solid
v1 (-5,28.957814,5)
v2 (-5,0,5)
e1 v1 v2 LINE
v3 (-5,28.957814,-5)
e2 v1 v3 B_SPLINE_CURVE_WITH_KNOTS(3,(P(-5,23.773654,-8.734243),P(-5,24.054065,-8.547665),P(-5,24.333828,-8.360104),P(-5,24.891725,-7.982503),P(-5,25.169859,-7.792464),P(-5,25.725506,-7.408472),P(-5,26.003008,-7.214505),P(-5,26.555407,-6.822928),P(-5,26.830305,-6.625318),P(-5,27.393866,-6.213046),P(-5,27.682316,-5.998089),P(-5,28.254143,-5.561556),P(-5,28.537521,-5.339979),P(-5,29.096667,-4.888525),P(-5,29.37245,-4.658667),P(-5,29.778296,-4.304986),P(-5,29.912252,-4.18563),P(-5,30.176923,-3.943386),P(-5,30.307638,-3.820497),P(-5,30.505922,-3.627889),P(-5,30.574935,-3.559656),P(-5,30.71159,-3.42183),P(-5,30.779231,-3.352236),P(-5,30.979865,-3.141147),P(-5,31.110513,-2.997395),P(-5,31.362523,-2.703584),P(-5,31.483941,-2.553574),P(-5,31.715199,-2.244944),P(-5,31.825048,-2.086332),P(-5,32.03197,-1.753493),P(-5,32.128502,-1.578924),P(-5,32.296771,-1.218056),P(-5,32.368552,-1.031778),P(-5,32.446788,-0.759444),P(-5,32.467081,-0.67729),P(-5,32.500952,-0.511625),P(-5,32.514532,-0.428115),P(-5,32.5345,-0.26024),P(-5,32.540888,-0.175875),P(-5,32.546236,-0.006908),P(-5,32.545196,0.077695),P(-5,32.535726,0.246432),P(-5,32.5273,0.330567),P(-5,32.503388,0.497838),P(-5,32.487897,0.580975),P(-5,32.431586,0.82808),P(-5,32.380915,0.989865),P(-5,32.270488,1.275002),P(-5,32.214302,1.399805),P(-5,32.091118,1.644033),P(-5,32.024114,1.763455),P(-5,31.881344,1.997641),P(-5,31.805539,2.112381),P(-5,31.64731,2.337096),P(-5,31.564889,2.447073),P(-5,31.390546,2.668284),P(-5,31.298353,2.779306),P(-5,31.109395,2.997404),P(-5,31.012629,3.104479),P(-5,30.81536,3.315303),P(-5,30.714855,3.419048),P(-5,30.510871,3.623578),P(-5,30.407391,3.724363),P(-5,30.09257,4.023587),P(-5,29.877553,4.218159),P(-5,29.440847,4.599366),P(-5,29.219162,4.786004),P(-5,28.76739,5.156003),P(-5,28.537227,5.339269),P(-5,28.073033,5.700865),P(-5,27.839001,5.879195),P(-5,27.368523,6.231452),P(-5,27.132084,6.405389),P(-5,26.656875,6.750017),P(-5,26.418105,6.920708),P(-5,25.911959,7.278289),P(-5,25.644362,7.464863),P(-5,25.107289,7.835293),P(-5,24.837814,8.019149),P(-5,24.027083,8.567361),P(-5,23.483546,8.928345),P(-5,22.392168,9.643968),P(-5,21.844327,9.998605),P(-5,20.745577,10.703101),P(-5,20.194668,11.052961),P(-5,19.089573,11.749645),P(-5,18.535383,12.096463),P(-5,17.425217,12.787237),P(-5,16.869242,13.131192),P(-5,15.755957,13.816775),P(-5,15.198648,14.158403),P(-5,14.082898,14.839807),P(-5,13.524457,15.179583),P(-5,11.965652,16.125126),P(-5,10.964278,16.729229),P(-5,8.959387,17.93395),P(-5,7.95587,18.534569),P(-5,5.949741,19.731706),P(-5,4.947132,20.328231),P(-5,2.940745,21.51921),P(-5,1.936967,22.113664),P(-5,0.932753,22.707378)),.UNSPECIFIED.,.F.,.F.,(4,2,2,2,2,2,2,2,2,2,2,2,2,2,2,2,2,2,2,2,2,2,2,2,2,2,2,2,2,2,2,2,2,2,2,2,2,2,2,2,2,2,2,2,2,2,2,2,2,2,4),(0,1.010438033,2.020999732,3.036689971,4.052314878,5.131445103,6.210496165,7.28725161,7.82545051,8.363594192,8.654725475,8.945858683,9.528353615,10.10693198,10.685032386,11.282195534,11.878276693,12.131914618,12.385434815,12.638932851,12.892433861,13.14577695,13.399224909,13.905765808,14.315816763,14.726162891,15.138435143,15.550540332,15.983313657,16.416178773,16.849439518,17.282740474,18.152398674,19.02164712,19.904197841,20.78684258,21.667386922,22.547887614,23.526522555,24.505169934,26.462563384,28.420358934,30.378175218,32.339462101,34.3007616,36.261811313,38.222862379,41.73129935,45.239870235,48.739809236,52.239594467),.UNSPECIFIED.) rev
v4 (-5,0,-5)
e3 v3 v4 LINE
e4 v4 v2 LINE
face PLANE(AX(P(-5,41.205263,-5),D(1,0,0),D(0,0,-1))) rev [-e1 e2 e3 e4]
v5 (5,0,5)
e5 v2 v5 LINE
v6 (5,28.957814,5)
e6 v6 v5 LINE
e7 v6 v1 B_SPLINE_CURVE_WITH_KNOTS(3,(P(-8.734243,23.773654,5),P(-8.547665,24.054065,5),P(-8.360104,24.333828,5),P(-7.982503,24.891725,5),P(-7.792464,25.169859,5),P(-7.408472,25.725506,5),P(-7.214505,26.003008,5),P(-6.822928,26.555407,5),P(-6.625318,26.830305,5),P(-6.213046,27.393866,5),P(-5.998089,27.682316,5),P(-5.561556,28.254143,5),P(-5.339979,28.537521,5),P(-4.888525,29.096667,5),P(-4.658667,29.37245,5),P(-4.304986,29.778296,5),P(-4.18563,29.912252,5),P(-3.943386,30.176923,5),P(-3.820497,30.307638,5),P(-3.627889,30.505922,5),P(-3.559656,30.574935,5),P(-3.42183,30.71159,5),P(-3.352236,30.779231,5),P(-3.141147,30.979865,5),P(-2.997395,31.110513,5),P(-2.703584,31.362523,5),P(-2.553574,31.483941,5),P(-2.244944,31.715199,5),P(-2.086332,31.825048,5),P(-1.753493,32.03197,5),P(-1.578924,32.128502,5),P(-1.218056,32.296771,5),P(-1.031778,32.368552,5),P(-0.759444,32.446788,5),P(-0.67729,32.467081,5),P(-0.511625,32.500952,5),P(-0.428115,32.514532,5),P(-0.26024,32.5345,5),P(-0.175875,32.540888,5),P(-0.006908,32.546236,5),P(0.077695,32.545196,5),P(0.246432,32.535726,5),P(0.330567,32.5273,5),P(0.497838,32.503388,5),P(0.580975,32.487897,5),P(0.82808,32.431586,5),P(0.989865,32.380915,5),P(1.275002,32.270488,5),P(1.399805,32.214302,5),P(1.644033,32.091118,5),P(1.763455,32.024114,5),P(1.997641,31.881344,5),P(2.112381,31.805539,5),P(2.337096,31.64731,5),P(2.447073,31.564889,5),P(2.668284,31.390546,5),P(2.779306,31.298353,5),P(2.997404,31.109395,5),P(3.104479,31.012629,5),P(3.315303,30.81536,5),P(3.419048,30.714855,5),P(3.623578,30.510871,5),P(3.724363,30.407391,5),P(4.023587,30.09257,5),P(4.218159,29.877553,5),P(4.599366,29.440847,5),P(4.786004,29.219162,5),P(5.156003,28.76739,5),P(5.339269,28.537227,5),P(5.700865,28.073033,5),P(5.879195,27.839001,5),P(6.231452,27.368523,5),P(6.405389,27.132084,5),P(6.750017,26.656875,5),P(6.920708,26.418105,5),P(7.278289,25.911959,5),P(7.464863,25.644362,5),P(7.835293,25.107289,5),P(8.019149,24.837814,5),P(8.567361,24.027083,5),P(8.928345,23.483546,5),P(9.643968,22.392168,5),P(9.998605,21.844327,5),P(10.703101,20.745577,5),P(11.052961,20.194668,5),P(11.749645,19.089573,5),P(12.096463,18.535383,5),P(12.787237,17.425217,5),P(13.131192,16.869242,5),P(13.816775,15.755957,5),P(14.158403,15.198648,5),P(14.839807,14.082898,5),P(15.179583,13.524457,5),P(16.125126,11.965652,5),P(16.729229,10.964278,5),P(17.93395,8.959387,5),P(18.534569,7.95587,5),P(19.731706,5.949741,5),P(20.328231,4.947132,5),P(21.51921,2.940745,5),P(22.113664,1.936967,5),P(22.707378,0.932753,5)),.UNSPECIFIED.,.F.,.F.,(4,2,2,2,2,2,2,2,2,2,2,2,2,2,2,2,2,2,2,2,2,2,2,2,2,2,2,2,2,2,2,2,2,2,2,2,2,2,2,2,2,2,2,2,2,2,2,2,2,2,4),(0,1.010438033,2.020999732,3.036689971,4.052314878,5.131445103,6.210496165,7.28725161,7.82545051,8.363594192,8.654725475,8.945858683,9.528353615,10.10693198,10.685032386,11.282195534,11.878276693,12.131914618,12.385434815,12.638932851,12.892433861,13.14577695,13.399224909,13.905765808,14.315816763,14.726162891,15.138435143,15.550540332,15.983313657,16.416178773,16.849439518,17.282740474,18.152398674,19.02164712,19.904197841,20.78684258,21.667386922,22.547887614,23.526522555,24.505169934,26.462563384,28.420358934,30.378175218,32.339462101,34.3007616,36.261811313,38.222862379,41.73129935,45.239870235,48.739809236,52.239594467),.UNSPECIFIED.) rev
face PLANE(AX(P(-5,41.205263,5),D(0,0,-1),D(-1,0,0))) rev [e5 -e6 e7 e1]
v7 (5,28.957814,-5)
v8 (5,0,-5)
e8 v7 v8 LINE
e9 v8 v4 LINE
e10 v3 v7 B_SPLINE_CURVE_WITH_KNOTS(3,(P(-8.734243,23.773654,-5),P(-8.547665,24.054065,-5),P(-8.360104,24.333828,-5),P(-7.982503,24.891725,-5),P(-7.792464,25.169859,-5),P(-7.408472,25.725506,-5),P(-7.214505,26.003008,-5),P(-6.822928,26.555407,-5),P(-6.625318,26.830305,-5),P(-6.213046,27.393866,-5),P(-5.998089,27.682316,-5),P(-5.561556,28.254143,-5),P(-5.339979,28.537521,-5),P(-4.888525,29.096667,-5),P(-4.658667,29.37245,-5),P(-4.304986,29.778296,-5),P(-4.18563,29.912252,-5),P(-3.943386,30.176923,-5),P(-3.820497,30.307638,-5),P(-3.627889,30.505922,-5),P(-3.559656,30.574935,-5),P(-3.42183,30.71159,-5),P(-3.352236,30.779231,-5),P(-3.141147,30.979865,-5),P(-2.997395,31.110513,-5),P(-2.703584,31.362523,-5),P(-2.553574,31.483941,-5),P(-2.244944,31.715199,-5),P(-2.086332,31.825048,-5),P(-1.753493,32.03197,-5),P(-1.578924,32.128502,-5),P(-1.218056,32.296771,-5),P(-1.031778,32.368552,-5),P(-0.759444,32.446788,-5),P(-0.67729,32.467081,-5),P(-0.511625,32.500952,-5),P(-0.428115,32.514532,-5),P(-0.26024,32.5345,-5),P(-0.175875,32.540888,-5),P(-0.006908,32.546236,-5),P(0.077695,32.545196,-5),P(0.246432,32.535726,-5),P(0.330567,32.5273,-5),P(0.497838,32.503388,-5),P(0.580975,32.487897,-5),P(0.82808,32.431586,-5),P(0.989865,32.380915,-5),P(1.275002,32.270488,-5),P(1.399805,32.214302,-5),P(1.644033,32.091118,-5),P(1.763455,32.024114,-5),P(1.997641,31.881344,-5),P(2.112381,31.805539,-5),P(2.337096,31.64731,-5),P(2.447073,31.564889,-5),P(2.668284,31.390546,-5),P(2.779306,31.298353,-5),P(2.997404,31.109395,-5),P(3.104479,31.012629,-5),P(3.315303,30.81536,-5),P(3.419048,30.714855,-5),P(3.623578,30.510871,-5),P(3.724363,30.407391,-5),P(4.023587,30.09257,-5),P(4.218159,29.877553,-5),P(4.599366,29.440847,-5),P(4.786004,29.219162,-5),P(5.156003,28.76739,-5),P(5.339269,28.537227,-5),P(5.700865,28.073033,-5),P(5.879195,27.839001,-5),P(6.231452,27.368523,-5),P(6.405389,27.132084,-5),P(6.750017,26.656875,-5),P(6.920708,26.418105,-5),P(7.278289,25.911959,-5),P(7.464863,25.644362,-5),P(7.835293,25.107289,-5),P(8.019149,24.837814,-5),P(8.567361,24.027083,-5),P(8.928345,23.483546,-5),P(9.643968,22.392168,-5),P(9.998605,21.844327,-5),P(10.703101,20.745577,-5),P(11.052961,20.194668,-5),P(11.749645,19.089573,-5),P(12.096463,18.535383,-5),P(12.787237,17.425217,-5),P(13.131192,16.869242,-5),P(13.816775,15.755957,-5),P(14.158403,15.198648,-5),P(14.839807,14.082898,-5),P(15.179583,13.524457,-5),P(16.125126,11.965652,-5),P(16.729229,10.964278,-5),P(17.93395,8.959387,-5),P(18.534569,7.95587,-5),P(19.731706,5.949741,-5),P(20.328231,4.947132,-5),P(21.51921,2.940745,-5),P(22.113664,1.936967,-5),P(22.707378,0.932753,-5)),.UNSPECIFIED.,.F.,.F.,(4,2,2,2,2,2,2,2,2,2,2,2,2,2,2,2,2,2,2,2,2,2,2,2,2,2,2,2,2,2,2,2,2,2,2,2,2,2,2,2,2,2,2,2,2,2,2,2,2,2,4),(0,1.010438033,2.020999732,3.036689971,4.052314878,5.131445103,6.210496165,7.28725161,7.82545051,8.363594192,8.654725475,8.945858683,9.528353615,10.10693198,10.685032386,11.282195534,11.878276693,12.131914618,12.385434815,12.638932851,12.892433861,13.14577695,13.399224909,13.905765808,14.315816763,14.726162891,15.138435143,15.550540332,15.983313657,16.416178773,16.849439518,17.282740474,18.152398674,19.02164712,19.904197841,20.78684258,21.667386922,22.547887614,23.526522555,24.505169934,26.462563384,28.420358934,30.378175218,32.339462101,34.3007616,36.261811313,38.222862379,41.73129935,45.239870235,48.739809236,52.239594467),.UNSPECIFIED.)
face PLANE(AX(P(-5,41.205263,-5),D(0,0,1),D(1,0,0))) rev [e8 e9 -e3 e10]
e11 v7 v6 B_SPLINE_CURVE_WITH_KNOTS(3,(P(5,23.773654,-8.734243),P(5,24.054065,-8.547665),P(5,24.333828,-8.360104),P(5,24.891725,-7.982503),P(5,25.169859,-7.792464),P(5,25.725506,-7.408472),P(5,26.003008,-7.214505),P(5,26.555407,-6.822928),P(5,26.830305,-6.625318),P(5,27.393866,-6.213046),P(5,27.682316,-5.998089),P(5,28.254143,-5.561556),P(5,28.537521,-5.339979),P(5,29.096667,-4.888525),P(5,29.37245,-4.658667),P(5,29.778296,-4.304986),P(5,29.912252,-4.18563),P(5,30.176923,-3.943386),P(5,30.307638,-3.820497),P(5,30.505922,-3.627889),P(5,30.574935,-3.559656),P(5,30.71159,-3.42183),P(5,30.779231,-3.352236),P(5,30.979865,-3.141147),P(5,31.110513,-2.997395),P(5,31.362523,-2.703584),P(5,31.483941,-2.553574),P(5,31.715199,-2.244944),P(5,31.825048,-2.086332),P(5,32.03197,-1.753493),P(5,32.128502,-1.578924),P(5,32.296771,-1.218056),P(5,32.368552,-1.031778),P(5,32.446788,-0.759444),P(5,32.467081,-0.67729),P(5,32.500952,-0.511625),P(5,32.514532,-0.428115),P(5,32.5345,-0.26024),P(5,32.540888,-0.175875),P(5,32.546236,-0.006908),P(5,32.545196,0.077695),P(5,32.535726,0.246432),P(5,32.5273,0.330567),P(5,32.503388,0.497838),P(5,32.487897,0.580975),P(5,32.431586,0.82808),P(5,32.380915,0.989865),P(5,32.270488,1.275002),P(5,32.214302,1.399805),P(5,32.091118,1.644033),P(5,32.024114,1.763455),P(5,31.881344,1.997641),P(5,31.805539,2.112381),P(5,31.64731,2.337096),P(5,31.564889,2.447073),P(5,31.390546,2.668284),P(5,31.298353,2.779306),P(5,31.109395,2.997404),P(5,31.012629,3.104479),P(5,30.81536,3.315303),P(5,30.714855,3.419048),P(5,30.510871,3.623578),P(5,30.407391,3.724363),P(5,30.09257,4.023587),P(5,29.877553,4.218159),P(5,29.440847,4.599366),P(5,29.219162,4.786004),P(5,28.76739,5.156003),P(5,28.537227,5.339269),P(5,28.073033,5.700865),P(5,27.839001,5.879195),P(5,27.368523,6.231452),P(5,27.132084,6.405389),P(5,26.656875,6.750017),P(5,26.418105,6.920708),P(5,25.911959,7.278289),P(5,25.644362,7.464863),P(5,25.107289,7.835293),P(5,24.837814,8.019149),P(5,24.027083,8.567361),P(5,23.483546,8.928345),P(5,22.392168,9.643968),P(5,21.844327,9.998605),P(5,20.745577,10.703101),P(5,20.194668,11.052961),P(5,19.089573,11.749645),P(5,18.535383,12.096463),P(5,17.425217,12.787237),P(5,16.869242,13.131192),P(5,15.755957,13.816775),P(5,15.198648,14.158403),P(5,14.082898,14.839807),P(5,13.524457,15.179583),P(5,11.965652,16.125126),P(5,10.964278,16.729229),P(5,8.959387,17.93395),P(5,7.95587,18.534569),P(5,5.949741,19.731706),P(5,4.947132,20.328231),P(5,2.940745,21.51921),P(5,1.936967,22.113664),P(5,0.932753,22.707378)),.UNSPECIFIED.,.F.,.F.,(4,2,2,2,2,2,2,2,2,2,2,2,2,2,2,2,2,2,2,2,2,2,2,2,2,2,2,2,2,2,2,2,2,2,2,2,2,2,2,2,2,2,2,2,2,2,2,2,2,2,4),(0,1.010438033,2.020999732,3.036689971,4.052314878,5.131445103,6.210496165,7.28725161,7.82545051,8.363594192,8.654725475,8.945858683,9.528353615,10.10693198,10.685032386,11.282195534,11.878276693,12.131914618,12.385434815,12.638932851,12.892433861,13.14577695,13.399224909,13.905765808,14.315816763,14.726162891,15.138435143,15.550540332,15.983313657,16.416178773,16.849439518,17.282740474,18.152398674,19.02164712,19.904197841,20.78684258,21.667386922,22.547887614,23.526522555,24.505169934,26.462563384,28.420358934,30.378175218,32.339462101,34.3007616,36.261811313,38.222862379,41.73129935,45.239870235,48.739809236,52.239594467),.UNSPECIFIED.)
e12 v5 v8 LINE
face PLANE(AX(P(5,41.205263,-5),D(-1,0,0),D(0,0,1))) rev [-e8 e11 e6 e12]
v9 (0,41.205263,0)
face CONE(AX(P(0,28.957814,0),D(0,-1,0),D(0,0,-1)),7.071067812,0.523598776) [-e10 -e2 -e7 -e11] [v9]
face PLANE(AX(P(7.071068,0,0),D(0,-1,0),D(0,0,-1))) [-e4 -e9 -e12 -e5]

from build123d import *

# Parameters (mm, degrees)
SKETCH5_OUTSIDE_W   = 25.302
SKETCH5_OUTSIDE_H   = 25.302
SKETCH5_OUTSIDE_W_2 = 10
SKETCH5_OUTSIDE_H_2 = 10
EXTRUDE2_DEPTH      = 42.2052629


with BuildPart() as part:
    # Sketch4 → Revolve1 (revolve)
    with BuildSketch(Plane.XY, mode=Mode.PRIVATE) as revolve1_sk:
        Polygon((0, 0), (0, 41.2052629), (7.071067812, 28.957814186), (7.071067812, 0), align=None)
    revolve(revolve1_sk.sketch.rotate(Axis((0, 0, 0), (0, 1, 0)), 90), axis=Axis((0, 0, 0), (0, 1, 0)))  # turned: the seam where the file's is

    # Sketch5 outside → Extrude2 (cut, through all)
    with BuildSketch(Plane(origin=(0, 0, 0), x_dir=(1, 0, 0), z_dir=(0, 1, 0))):
        Rectangle(SKETCH5_OUTSIDE_W, SKETCH5_OUTSIDE_H)
        Rectangle(SKETCH5_OUTSIDE_W_2, SKETCH5_OUTSIDE_H_2, mode=Mode.SUBTRACT)
    extrude(amount=EXTRUDE2_DEPTH, mode=Mode.SUBTRACT)


solid = part.part
